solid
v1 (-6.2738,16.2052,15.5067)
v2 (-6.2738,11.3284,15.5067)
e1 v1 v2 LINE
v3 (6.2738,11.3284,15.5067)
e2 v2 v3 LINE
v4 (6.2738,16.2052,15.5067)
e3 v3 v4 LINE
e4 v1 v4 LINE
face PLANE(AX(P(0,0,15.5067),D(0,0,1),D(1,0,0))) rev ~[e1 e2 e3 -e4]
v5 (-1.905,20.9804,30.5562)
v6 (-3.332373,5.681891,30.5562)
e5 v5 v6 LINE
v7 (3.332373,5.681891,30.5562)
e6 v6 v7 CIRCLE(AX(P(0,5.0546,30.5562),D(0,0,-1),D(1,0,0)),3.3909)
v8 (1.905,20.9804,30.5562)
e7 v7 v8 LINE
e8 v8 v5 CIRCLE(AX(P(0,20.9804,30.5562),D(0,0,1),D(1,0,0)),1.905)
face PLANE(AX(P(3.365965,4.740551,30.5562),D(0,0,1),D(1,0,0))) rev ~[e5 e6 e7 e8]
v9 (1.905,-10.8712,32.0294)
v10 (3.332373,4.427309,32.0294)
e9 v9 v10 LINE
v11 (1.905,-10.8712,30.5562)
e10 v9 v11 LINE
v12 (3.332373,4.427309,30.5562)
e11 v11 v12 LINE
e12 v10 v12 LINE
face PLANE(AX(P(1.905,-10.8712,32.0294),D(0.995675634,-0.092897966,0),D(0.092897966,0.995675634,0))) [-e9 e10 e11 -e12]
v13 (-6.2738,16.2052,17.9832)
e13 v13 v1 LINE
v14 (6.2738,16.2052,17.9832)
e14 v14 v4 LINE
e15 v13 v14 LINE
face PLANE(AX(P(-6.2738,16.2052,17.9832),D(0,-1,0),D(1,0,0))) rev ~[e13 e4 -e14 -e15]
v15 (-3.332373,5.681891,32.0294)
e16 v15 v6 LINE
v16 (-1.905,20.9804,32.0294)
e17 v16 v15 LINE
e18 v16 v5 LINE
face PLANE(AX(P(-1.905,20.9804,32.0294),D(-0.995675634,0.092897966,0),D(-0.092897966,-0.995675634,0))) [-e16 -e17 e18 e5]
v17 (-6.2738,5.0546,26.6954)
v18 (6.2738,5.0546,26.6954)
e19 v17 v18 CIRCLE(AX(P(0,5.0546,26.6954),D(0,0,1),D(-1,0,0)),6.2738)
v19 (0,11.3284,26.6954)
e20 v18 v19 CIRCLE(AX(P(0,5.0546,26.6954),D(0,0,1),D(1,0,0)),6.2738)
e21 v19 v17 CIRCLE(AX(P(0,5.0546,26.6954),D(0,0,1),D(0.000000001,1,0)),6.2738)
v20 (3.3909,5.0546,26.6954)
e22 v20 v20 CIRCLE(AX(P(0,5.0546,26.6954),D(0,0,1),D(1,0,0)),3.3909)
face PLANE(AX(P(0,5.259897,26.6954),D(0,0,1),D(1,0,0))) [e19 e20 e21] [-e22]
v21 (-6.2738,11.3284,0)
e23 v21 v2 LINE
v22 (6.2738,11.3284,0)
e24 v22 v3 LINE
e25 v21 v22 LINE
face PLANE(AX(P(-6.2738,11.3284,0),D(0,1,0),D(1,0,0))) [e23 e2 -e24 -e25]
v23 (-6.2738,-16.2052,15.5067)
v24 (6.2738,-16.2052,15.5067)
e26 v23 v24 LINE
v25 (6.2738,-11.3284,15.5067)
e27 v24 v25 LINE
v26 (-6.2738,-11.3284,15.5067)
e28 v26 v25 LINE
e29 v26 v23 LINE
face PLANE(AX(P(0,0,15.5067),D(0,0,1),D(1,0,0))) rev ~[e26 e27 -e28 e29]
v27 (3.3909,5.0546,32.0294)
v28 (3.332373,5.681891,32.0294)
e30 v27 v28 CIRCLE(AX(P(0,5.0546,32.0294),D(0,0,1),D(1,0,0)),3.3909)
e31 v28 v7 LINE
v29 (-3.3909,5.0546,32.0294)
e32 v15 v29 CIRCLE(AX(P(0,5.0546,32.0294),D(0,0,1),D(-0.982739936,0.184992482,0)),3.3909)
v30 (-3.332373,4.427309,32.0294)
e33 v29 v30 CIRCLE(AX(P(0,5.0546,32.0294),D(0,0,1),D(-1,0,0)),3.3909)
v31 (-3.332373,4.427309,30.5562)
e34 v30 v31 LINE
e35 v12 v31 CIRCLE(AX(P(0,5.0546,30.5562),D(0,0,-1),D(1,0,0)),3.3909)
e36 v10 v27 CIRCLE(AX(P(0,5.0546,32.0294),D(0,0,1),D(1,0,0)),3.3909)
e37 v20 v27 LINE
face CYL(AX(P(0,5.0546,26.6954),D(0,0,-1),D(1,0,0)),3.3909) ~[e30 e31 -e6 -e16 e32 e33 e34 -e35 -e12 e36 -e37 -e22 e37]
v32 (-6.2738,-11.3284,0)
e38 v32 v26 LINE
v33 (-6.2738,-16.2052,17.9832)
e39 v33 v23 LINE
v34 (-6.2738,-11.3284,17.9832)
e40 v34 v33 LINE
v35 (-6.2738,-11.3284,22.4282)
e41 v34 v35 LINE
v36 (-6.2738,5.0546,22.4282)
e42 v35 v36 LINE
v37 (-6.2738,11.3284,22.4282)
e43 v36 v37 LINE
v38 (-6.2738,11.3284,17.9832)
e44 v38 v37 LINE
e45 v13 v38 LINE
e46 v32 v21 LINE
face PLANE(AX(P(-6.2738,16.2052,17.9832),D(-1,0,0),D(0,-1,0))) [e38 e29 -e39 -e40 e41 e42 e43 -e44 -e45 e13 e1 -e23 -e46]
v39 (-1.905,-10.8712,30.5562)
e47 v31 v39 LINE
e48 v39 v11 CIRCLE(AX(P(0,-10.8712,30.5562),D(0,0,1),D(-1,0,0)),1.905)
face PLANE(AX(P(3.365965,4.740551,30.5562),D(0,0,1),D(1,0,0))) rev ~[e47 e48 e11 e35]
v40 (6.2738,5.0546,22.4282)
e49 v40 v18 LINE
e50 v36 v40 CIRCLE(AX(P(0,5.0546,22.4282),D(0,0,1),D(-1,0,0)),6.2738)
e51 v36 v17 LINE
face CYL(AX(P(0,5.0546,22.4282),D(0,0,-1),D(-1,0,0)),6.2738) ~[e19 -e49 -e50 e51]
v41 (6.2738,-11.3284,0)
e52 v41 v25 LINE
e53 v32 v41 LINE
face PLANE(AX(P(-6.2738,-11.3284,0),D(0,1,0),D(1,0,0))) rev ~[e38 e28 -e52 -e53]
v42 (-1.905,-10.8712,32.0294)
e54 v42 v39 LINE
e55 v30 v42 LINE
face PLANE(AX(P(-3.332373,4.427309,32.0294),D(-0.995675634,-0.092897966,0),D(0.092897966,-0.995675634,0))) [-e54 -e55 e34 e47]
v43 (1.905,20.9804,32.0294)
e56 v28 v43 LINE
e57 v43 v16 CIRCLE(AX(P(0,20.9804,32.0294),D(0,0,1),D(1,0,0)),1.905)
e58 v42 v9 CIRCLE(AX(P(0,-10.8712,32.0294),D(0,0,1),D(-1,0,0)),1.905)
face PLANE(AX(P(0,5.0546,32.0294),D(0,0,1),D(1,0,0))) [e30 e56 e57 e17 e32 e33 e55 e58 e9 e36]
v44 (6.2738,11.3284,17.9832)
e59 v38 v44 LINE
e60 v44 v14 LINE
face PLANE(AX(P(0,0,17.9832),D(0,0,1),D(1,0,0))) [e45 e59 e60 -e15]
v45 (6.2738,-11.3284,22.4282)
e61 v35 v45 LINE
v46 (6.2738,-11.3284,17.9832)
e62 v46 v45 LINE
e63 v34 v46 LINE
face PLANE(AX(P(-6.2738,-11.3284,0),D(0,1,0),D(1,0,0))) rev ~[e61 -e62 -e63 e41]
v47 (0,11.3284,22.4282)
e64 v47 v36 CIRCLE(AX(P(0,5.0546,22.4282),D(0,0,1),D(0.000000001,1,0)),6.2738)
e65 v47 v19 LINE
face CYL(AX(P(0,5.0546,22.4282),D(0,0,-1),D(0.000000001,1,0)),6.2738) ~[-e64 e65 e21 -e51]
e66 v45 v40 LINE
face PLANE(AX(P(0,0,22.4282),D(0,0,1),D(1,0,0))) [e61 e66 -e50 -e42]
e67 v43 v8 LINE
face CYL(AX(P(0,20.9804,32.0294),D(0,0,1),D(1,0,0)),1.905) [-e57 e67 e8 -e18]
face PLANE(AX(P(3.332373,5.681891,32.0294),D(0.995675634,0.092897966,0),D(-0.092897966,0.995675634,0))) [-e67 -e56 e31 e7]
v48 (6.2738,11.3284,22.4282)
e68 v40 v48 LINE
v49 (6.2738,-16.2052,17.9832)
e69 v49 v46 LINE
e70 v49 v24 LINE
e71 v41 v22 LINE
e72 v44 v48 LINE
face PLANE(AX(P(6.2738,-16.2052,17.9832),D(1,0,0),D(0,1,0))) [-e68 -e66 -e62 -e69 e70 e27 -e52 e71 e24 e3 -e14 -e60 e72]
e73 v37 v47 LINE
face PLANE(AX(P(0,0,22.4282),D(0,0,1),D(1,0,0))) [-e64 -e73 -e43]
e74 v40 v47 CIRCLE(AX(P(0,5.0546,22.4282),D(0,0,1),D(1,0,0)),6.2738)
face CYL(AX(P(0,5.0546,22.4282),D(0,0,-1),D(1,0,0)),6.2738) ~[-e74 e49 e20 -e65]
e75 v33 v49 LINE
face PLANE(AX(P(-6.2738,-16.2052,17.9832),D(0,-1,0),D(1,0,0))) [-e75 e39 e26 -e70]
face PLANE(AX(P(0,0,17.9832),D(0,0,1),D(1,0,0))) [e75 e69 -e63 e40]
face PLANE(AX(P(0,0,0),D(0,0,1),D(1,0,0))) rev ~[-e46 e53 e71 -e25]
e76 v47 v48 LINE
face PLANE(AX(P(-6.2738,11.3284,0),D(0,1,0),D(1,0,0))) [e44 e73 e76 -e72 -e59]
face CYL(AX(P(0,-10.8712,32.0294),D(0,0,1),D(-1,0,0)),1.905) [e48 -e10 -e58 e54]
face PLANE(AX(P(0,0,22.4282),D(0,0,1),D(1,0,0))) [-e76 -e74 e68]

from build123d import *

# Parameters (mm, degrees)
F0_W      = 12.5476
F0_H      = 22.6568
F1_DEPTH  = 22.4282
F3_W      = 12.5476
F3_H      = 22.6568
F3_H_2    = 4.8768
F4_DEPTH  = 2.4765
F6_DEPTH  = 4.2672
F7_R      = 3.3909
F8_DEPTH  = 5.334
F10_DEPTH = 1.4732


with BuildPart() as f1:
    # F0 (on Top) → F1 (new body)
    with BuildSketch(Plane.XY):
        Rectangle(F0_W, F0_H)
    extrude(amount=F1_DEPTH)

    # F3 (on offset) → F4 (join)
    with BuildSketch(Plane.XY.offset(17.9832)):
        Rectangle(F3_W, F3_H)
        with Locations((0, -13.7668)):
            Rectangle(F3_W, F3_H_2)
        with Locations((0, 13.7668)):
            Rectangle(F3_W, F3_H_2)
    extrude(amount=-F4_DEPTH)

    # F5 (on face) → F6 (join)
    with BuildSketch(Plane.XY.offset(22.4282)):
        with BuildLine():
            ThreePointArc((-6.2738, 5.0546), (0, -1.2192), (6.2738, 5.0546))
            ThreePointArc((6.2738, 5.0546), (4.4362465254, 9.4908465222), (4.5e-09, 11.3284))
            ThreePointArc((4.5e-09, 11.3284), (-4.4362465222, 9.4908465254), (-6.2738, 5.0546))
        make_face()
    extrude(amount=F6_DEPTH)

    # F7 (on face) → F8 (join)
    with BuildSketch(Plane.XY.offset(26.6954)):
        with Locations((0, 5.0546)):
            Circle(F7_R)
    extrude(amount=F8_DEPTH)

    # F9 (on face) → F10 (join)
    with BuildSketch(Plane.XY.offset(32.0294)):
        with BuildLine():
            Line((3.3909, 5.0546), (3.3323728486, 4.4273089926))
            ThreePointArc((3.3323728486, 4.4273089926), (3.376236507, 4.7395922876), (3.3909, 5.0546))
        make_face()
        with BuildLine():
            Line((1.905, -10.8712), (3.3323728486, 4.4273089926))
            Line((3.3323728486, 4.4273089926), (3.3909, 5.0546))
            Line((3.3909, 5.0546), (3.3323728486, 5.6818910074))
            Line((3.3323728486, 5.6818910074), (1.905, 20.9804))
            ThreePointArc((1.905, 20.9804), (0, 22.8854), (-1.905, 20.9804))
            Line((-1.905, 20.9804), (-3.3323728486, 5.6818910074))
            Line((-3.3323728486, 5.6818910074), (-3.3909, 5.0546))
            Line((-3.3909, 5.0546), (-3.3323728486, 4.4273089926))
            Line((-3.3323728486, 4.4273089926), (-1.905, -10.8712))
            ThreePointArc((-1.905, -10.8712), (0, -12.7762), (1.905, -10.8712))
        make_face()
        with BuildLine():
            Line((3.3323728486, 5.6818910074), (3.3909, 5.0546))
            ThreePointArc((3.3909, 5.0546), (3.376236507, 5.3696077124), (3.3323728486, 5.6818910074))
        make_face()
        with BuildLine():
            ThreePointArc((-3.3909, 5.0546), (-3.376236507, 4.7395922876), (-3.3323728486, 4.4273089926))
            Line((-3.3323728486, 4.4273089926), (-3.3909, 5.0546))
        make_face()
        with BuildLine():
            ThreePointArc((-3.3323728486, 5.6818910074), (-3.376236507, 5.3696077124), (-3.3909, 5.0546))
            Line((-3.3909, 5.0546), (-3.3323728486, 5.6818910074))
        make_face()
    extrude(amount=-F10_DEPTH)


solid = f1.part
